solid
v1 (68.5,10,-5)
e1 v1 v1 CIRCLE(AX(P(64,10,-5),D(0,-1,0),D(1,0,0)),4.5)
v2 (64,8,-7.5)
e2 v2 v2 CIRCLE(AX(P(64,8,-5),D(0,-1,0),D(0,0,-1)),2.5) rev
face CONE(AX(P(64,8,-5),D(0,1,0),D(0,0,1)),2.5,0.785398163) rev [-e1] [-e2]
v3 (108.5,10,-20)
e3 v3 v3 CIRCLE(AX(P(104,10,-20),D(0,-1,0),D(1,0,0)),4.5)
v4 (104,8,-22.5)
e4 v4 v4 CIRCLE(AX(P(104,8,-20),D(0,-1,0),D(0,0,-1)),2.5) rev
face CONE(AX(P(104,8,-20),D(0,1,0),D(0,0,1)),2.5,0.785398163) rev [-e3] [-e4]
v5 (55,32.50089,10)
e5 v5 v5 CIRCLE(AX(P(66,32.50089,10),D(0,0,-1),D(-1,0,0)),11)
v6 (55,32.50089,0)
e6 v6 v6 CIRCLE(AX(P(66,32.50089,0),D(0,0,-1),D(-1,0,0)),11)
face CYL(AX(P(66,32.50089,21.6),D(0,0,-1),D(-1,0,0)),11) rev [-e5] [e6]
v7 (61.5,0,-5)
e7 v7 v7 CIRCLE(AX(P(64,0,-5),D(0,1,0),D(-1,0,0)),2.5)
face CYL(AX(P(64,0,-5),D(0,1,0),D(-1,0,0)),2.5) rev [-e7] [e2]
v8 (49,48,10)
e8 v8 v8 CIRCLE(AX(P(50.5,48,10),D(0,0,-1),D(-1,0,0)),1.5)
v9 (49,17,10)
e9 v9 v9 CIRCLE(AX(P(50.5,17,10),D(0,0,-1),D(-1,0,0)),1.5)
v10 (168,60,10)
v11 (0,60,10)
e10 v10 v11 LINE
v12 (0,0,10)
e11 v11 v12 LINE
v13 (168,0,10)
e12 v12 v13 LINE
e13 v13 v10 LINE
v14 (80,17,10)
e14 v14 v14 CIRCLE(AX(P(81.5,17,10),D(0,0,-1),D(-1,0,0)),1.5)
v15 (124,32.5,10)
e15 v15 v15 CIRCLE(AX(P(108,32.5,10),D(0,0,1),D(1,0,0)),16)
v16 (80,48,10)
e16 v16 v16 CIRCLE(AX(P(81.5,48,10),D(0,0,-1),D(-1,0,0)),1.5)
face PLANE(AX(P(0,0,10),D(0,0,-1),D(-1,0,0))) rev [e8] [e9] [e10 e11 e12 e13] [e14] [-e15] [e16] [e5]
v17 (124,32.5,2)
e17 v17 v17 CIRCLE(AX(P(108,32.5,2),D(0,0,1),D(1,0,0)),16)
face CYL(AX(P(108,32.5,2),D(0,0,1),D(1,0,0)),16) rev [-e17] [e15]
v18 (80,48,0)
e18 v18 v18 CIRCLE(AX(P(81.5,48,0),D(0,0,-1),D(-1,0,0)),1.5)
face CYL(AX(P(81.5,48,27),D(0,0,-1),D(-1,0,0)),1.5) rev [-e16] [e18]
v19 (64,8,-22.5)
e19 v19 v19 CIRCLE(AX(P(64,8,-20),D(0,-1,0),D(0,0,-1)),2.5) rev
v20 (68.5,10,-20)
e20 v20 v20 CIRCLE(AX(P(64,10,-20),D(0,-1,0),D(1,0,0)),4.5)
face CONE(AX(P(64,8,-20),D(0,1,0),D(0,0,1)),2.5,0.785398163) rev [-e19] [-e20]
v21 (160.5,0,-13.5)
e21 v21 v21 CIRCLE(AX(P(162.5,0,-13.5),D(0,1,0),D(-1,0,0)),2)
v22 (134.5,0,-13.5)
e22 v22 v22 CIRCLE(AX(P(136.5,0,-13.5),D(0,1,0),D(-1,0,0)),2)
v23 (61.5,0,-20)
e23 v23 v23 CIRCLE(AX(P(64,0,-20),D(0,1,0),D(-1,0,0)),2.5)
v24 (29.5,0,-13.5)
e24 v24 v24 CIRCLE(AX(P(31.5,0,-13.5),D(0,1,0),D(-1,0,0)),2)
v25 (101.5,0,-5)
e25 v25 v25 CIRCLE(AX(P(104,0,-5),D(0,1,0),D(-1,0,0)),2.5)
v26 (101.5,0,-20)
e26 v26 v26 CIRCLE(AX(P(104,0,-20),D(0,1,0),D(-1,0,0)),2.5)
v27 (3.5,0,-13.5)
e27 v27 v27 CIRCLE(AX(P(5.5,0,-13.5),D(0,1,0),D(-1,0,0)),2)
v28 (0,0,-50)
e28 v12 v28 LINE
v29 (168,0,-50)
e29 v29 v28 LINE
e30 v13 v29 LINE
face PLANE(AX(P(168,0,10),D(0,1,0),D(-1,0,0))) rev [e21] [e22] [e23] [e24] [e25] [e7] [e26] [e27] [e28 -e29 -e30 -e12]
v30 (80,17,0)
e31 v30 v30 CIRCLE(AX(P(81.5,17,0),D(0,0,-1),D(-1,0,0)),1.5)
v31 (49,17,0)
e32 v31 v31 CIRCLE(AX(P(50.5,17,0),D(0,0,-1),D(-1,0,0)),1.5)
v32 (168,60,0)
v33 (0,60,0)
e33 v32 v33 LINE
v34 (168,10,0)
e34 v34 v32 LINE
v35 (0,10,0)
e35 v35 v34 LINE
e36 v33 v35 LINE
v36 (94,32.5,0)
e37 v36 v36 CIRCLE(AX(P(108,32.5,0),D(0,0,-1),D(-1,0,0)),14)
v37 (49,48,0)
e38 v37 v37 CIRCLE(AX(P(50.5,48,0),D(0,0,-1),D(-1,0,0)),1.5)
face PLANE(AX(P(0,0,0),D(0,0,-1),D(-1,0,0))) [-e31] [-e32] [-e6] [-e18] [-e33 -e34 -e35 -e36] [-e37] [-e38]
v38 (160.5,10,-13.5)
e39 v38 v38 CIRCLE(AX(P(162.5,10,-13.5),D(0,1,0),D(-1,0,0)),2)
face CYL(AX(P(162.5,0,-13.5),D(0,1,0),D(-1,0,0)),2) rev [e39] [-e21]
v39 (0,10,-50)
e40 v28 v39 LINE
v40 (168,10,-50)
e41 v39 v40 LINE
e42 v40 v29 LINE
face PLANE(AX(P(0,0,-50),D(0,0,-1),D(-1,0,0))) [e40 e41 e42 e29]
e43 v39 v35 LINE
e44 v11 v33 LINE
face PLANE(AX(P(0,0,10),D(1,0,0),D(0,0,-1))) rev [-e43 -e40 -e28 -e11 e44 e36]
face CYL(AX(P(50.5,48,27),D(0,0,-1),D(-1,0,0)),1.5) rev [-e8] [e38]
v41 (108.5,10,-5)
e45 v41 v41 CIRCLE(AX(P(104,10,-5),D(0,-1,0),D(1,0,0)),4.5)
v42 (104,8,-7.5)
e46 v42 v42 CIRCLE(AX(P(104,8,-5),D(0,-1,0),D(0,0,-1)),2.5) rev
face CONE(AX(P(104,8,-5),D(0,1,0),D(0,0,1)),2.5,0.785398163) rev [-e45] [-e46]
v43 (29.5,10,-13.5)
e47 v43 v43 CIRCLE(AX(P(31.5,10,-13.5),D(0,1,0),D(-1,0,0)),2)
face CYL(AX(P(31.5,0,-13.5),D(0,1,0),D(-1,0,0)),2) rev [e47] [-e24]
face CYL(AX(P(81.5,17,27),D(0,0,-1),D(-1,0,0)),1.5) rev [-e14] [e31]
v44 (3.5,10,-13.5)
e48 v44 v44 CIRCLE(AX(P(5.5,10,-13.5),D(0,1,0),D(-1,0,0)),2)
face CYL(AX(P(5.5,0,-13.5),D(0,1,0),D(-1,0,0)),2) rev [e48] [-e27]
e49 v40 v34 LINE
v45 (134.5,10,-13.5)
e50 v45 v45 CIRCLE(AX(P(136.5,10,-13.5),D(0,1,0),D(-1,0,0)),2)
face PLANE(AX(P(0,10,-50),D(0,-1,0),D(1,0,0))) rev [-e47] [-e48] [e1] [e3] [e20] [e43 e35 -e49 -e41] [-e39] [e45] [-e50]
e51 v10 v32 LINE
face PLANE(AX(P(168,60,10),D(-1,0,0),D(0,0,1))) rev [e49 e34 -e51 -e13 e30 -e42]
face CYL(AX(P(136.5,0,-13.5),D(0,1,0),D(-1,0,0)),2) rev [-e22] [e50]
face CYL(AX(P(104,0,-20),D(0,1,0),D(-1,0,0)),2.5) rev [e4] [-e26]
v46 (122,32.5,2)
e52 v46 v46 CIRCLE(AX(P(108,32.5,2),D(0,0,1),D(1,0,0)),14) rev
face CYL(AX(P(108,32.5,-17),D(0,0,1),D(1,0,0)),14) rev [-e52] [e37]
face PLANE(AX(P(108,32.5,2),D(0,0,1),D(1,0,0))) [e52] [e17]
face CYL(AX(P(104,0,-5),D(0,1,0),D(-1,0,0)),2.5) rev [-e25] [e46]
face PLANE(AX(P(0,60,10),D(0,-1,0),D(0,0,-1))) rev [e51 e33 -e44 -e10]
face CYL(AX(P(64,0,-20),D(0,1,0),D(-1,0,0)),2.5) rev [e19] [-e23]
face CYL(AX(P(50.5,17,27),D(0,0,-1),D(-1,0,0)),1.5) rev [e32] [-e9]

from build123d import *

# Parameters (mm, degrees)
SKIZZE1_W                       = 168
SKIZZE1_H                       = 60
AUFSATZ_LINEAR_AUSTRAGEN1_DEPTH = 10
SKIZZE2_R                       = 14
SCHNITT_LINEAR_AUSTRAGEN1_DEPTH = 27
SKIZZE3_R                       = 16
SCHNITT_LINEAR_AUSTRAGEN2_DEPTH = 8
SKIZZE4_R                       = 11
SCHNITT_LINEAR_AUSTRAGEN3_DEPTH = 21.6
SKIZZE5_W                       = 168
SKIZZE5_H                       = 10
AUFSATZ_LINEAR_AUSTRAGEN2_DEPTH = 50
SKIZZE6_R                       = 2
SCHNITT_LINEAR_AUSTRAGEN4_DEPTH = 10
SKIZZE7_R                       = 2.5
SCHNITT_LINEAR_AUSTRAGEN5_DEPTH = 10
SKIZZE8_R                       = 1.5
SCHNITT_LINEAR_AUSTRAGEN6_DEPTH = 27
FASE1_SIZE                      = 2
FASE2_SIZE                      = 2
FASE3_SIZE                      = 2
FASE4_SIZE                      = 2


with BuildPart() as part:
    # Skizze1 → Aufsatz-Linear austragen1 (new body)
    with BuildSketch(Plane.XY):
        with Locations((84, 30)):
            Rectangle(SKIZZE1_W, SKIZZE1_H)
    extrude(amount=AUFSATZ_LINEAR_AUSTRAGEN1_DEPTH)

    # Skizze2 → Schnitt-Linear austragen1 (cut)
    with BuildSketch(Plane.XY.offset(10)):
        with Locations((108, 32.5)):
            Circle(SKIZZE2_R)
    extrude(amount=-SCHNITT_LINEAR_AUSTRAGEN1_DEPTH, mode=Mode.SUBTRACT)

    # Skizze3 → Schnitt-Linear austragen2 (cut)
    with BuildSketch(Plane.XY.offset(10)):
        with Locations((108, 32.5)):
            Circle(SKIZZE3_R)
    extrude(amount=-SCHNITT_LINEAR_AUSTRAGEN2_DEPTH, mode=Mode.SUBTRACT)

    # Skizze4 → Schnitt-Linear austragen3 (cut)
    with BuildSketch(Plane(origin=(0, 0, 0), x_dir=(-1, 0, 0), z_dir=(0, 0, -1))):
        with Locations((-66, 32.50089026)):
            Circle(SKIZZE4_R)
    extrude(amount=-SCHNITT_LINEAR_AUSTRAGEN3_DEPTH, mode=Mode.SUBTRACT)

    # Skizze5 → Aufsatz-Linear austragen2 (add)
    with BuildSketch(Plane(origin=(0, 0, 0), x_dir=(-1, 0, 0), z_dir=(0, 0, -1))):
        with Locations((-84, 5)):
            Rectangle(SKIZZE5_W, SKIZZE5_H)
    extrude(amount=AUFSATZ_LINEAR_AUSTRAGEN2_DEPTH)

    # Skizze6 → Schnitt-Linear austragen4 (cut)
    with BuildSketch(Plane(origin=(0, 10, 0), x_dir=(1, 0, 0), z_dir=(0, 1, 0))):
        with Locations((5.5, 13.5)):
            Circle(SKIZZE6_R)
        with Locations((31.5, 13.5)):
            Circle(SKIZZE6_R)
        with Locations((162.5, 13.5)):
            Circle(SKIZZE6_R)
        with Locations((136.5, 13.5)):
            Circle(SKIZZE6_R)
    extrude(amount=-SCHNITT_LINEAR_AUSTRAGEN4_DEPTH, mode=Mode.SUBTRACT)

    # Skizze7 → Schnitt-Linear austragen5 (cut)
    with BuildSketch(Plane(origin=(0, 10, 0), x_dir=(1, 0, 0), z_dir=(0, 1, 0))):
        with Locations((104, 20)):
            Circle(SKIZZE7_R)
        with Locations((64, 20)):
            Circle(SKIZZE7_R)
        with Locations((64, 5)):
            Circle(SKIZZE7_R)
        with Locations((104, 5)):
            Circle(SKIZZE7_R)
    extrude(amount=-SCHNITT_LINEAR_AUSTRAGEN5_DEPTH, mode=Mode.SUBTRACT)

    # Skizze8 → Schnitt-Linear austragen6 (cut)
    with BuildSketch(Plane(origin=(0, 0, 0), x_dir=(-1, 0, 0), z_dir=(0, 0, -1))):
        with Locations((-50.5, 48)):
            Circle(SKIZZE8_R)
        with Locations((-50.5, 17)):
            Circle(SKIZZE8_R)
        with Locations((-81.5, 17)):
            Circle(SKIZZE8_R)
        with Locations((-81.5, 48)):
            Circle(SKIZZE8_R)
    extrude(amount=-SCHNITT_LINEAR_AUSTRAGEN6_DEPTH, mode=Mode.SUBTRACT)

    # Fase1
    fase1_edges = [part.edges().sort_by_distance(p)[0] for p in [
        (61.5, 10, -5),
    ]]
    chamfer(fase1_edges, length=FASE1_SIZE)

    # Fase2
    fase2_edges = [part.edges().sort_by_distance(p)[0] for p in [
        (61.5, 10, -20),
    ]]
    chamfer(fase2_edges, length=FASE2_SIZE)

    # Fase3
    fase3_edges = [part.edges().sort_by_distance(p)[0] for p in [
        (101.5, 10, -20),
    ]]
    chamfer(fase3_edges, length=FASE3_SIZE)

    # Fase4
    fase4_edges = [part.edges().sort_by_distance(p)[0] for p in [
        (101.5, 10, -5),
    ]]
    chamfer(fase4_edges, length=FASE4_SIZE)


solid = part.part
